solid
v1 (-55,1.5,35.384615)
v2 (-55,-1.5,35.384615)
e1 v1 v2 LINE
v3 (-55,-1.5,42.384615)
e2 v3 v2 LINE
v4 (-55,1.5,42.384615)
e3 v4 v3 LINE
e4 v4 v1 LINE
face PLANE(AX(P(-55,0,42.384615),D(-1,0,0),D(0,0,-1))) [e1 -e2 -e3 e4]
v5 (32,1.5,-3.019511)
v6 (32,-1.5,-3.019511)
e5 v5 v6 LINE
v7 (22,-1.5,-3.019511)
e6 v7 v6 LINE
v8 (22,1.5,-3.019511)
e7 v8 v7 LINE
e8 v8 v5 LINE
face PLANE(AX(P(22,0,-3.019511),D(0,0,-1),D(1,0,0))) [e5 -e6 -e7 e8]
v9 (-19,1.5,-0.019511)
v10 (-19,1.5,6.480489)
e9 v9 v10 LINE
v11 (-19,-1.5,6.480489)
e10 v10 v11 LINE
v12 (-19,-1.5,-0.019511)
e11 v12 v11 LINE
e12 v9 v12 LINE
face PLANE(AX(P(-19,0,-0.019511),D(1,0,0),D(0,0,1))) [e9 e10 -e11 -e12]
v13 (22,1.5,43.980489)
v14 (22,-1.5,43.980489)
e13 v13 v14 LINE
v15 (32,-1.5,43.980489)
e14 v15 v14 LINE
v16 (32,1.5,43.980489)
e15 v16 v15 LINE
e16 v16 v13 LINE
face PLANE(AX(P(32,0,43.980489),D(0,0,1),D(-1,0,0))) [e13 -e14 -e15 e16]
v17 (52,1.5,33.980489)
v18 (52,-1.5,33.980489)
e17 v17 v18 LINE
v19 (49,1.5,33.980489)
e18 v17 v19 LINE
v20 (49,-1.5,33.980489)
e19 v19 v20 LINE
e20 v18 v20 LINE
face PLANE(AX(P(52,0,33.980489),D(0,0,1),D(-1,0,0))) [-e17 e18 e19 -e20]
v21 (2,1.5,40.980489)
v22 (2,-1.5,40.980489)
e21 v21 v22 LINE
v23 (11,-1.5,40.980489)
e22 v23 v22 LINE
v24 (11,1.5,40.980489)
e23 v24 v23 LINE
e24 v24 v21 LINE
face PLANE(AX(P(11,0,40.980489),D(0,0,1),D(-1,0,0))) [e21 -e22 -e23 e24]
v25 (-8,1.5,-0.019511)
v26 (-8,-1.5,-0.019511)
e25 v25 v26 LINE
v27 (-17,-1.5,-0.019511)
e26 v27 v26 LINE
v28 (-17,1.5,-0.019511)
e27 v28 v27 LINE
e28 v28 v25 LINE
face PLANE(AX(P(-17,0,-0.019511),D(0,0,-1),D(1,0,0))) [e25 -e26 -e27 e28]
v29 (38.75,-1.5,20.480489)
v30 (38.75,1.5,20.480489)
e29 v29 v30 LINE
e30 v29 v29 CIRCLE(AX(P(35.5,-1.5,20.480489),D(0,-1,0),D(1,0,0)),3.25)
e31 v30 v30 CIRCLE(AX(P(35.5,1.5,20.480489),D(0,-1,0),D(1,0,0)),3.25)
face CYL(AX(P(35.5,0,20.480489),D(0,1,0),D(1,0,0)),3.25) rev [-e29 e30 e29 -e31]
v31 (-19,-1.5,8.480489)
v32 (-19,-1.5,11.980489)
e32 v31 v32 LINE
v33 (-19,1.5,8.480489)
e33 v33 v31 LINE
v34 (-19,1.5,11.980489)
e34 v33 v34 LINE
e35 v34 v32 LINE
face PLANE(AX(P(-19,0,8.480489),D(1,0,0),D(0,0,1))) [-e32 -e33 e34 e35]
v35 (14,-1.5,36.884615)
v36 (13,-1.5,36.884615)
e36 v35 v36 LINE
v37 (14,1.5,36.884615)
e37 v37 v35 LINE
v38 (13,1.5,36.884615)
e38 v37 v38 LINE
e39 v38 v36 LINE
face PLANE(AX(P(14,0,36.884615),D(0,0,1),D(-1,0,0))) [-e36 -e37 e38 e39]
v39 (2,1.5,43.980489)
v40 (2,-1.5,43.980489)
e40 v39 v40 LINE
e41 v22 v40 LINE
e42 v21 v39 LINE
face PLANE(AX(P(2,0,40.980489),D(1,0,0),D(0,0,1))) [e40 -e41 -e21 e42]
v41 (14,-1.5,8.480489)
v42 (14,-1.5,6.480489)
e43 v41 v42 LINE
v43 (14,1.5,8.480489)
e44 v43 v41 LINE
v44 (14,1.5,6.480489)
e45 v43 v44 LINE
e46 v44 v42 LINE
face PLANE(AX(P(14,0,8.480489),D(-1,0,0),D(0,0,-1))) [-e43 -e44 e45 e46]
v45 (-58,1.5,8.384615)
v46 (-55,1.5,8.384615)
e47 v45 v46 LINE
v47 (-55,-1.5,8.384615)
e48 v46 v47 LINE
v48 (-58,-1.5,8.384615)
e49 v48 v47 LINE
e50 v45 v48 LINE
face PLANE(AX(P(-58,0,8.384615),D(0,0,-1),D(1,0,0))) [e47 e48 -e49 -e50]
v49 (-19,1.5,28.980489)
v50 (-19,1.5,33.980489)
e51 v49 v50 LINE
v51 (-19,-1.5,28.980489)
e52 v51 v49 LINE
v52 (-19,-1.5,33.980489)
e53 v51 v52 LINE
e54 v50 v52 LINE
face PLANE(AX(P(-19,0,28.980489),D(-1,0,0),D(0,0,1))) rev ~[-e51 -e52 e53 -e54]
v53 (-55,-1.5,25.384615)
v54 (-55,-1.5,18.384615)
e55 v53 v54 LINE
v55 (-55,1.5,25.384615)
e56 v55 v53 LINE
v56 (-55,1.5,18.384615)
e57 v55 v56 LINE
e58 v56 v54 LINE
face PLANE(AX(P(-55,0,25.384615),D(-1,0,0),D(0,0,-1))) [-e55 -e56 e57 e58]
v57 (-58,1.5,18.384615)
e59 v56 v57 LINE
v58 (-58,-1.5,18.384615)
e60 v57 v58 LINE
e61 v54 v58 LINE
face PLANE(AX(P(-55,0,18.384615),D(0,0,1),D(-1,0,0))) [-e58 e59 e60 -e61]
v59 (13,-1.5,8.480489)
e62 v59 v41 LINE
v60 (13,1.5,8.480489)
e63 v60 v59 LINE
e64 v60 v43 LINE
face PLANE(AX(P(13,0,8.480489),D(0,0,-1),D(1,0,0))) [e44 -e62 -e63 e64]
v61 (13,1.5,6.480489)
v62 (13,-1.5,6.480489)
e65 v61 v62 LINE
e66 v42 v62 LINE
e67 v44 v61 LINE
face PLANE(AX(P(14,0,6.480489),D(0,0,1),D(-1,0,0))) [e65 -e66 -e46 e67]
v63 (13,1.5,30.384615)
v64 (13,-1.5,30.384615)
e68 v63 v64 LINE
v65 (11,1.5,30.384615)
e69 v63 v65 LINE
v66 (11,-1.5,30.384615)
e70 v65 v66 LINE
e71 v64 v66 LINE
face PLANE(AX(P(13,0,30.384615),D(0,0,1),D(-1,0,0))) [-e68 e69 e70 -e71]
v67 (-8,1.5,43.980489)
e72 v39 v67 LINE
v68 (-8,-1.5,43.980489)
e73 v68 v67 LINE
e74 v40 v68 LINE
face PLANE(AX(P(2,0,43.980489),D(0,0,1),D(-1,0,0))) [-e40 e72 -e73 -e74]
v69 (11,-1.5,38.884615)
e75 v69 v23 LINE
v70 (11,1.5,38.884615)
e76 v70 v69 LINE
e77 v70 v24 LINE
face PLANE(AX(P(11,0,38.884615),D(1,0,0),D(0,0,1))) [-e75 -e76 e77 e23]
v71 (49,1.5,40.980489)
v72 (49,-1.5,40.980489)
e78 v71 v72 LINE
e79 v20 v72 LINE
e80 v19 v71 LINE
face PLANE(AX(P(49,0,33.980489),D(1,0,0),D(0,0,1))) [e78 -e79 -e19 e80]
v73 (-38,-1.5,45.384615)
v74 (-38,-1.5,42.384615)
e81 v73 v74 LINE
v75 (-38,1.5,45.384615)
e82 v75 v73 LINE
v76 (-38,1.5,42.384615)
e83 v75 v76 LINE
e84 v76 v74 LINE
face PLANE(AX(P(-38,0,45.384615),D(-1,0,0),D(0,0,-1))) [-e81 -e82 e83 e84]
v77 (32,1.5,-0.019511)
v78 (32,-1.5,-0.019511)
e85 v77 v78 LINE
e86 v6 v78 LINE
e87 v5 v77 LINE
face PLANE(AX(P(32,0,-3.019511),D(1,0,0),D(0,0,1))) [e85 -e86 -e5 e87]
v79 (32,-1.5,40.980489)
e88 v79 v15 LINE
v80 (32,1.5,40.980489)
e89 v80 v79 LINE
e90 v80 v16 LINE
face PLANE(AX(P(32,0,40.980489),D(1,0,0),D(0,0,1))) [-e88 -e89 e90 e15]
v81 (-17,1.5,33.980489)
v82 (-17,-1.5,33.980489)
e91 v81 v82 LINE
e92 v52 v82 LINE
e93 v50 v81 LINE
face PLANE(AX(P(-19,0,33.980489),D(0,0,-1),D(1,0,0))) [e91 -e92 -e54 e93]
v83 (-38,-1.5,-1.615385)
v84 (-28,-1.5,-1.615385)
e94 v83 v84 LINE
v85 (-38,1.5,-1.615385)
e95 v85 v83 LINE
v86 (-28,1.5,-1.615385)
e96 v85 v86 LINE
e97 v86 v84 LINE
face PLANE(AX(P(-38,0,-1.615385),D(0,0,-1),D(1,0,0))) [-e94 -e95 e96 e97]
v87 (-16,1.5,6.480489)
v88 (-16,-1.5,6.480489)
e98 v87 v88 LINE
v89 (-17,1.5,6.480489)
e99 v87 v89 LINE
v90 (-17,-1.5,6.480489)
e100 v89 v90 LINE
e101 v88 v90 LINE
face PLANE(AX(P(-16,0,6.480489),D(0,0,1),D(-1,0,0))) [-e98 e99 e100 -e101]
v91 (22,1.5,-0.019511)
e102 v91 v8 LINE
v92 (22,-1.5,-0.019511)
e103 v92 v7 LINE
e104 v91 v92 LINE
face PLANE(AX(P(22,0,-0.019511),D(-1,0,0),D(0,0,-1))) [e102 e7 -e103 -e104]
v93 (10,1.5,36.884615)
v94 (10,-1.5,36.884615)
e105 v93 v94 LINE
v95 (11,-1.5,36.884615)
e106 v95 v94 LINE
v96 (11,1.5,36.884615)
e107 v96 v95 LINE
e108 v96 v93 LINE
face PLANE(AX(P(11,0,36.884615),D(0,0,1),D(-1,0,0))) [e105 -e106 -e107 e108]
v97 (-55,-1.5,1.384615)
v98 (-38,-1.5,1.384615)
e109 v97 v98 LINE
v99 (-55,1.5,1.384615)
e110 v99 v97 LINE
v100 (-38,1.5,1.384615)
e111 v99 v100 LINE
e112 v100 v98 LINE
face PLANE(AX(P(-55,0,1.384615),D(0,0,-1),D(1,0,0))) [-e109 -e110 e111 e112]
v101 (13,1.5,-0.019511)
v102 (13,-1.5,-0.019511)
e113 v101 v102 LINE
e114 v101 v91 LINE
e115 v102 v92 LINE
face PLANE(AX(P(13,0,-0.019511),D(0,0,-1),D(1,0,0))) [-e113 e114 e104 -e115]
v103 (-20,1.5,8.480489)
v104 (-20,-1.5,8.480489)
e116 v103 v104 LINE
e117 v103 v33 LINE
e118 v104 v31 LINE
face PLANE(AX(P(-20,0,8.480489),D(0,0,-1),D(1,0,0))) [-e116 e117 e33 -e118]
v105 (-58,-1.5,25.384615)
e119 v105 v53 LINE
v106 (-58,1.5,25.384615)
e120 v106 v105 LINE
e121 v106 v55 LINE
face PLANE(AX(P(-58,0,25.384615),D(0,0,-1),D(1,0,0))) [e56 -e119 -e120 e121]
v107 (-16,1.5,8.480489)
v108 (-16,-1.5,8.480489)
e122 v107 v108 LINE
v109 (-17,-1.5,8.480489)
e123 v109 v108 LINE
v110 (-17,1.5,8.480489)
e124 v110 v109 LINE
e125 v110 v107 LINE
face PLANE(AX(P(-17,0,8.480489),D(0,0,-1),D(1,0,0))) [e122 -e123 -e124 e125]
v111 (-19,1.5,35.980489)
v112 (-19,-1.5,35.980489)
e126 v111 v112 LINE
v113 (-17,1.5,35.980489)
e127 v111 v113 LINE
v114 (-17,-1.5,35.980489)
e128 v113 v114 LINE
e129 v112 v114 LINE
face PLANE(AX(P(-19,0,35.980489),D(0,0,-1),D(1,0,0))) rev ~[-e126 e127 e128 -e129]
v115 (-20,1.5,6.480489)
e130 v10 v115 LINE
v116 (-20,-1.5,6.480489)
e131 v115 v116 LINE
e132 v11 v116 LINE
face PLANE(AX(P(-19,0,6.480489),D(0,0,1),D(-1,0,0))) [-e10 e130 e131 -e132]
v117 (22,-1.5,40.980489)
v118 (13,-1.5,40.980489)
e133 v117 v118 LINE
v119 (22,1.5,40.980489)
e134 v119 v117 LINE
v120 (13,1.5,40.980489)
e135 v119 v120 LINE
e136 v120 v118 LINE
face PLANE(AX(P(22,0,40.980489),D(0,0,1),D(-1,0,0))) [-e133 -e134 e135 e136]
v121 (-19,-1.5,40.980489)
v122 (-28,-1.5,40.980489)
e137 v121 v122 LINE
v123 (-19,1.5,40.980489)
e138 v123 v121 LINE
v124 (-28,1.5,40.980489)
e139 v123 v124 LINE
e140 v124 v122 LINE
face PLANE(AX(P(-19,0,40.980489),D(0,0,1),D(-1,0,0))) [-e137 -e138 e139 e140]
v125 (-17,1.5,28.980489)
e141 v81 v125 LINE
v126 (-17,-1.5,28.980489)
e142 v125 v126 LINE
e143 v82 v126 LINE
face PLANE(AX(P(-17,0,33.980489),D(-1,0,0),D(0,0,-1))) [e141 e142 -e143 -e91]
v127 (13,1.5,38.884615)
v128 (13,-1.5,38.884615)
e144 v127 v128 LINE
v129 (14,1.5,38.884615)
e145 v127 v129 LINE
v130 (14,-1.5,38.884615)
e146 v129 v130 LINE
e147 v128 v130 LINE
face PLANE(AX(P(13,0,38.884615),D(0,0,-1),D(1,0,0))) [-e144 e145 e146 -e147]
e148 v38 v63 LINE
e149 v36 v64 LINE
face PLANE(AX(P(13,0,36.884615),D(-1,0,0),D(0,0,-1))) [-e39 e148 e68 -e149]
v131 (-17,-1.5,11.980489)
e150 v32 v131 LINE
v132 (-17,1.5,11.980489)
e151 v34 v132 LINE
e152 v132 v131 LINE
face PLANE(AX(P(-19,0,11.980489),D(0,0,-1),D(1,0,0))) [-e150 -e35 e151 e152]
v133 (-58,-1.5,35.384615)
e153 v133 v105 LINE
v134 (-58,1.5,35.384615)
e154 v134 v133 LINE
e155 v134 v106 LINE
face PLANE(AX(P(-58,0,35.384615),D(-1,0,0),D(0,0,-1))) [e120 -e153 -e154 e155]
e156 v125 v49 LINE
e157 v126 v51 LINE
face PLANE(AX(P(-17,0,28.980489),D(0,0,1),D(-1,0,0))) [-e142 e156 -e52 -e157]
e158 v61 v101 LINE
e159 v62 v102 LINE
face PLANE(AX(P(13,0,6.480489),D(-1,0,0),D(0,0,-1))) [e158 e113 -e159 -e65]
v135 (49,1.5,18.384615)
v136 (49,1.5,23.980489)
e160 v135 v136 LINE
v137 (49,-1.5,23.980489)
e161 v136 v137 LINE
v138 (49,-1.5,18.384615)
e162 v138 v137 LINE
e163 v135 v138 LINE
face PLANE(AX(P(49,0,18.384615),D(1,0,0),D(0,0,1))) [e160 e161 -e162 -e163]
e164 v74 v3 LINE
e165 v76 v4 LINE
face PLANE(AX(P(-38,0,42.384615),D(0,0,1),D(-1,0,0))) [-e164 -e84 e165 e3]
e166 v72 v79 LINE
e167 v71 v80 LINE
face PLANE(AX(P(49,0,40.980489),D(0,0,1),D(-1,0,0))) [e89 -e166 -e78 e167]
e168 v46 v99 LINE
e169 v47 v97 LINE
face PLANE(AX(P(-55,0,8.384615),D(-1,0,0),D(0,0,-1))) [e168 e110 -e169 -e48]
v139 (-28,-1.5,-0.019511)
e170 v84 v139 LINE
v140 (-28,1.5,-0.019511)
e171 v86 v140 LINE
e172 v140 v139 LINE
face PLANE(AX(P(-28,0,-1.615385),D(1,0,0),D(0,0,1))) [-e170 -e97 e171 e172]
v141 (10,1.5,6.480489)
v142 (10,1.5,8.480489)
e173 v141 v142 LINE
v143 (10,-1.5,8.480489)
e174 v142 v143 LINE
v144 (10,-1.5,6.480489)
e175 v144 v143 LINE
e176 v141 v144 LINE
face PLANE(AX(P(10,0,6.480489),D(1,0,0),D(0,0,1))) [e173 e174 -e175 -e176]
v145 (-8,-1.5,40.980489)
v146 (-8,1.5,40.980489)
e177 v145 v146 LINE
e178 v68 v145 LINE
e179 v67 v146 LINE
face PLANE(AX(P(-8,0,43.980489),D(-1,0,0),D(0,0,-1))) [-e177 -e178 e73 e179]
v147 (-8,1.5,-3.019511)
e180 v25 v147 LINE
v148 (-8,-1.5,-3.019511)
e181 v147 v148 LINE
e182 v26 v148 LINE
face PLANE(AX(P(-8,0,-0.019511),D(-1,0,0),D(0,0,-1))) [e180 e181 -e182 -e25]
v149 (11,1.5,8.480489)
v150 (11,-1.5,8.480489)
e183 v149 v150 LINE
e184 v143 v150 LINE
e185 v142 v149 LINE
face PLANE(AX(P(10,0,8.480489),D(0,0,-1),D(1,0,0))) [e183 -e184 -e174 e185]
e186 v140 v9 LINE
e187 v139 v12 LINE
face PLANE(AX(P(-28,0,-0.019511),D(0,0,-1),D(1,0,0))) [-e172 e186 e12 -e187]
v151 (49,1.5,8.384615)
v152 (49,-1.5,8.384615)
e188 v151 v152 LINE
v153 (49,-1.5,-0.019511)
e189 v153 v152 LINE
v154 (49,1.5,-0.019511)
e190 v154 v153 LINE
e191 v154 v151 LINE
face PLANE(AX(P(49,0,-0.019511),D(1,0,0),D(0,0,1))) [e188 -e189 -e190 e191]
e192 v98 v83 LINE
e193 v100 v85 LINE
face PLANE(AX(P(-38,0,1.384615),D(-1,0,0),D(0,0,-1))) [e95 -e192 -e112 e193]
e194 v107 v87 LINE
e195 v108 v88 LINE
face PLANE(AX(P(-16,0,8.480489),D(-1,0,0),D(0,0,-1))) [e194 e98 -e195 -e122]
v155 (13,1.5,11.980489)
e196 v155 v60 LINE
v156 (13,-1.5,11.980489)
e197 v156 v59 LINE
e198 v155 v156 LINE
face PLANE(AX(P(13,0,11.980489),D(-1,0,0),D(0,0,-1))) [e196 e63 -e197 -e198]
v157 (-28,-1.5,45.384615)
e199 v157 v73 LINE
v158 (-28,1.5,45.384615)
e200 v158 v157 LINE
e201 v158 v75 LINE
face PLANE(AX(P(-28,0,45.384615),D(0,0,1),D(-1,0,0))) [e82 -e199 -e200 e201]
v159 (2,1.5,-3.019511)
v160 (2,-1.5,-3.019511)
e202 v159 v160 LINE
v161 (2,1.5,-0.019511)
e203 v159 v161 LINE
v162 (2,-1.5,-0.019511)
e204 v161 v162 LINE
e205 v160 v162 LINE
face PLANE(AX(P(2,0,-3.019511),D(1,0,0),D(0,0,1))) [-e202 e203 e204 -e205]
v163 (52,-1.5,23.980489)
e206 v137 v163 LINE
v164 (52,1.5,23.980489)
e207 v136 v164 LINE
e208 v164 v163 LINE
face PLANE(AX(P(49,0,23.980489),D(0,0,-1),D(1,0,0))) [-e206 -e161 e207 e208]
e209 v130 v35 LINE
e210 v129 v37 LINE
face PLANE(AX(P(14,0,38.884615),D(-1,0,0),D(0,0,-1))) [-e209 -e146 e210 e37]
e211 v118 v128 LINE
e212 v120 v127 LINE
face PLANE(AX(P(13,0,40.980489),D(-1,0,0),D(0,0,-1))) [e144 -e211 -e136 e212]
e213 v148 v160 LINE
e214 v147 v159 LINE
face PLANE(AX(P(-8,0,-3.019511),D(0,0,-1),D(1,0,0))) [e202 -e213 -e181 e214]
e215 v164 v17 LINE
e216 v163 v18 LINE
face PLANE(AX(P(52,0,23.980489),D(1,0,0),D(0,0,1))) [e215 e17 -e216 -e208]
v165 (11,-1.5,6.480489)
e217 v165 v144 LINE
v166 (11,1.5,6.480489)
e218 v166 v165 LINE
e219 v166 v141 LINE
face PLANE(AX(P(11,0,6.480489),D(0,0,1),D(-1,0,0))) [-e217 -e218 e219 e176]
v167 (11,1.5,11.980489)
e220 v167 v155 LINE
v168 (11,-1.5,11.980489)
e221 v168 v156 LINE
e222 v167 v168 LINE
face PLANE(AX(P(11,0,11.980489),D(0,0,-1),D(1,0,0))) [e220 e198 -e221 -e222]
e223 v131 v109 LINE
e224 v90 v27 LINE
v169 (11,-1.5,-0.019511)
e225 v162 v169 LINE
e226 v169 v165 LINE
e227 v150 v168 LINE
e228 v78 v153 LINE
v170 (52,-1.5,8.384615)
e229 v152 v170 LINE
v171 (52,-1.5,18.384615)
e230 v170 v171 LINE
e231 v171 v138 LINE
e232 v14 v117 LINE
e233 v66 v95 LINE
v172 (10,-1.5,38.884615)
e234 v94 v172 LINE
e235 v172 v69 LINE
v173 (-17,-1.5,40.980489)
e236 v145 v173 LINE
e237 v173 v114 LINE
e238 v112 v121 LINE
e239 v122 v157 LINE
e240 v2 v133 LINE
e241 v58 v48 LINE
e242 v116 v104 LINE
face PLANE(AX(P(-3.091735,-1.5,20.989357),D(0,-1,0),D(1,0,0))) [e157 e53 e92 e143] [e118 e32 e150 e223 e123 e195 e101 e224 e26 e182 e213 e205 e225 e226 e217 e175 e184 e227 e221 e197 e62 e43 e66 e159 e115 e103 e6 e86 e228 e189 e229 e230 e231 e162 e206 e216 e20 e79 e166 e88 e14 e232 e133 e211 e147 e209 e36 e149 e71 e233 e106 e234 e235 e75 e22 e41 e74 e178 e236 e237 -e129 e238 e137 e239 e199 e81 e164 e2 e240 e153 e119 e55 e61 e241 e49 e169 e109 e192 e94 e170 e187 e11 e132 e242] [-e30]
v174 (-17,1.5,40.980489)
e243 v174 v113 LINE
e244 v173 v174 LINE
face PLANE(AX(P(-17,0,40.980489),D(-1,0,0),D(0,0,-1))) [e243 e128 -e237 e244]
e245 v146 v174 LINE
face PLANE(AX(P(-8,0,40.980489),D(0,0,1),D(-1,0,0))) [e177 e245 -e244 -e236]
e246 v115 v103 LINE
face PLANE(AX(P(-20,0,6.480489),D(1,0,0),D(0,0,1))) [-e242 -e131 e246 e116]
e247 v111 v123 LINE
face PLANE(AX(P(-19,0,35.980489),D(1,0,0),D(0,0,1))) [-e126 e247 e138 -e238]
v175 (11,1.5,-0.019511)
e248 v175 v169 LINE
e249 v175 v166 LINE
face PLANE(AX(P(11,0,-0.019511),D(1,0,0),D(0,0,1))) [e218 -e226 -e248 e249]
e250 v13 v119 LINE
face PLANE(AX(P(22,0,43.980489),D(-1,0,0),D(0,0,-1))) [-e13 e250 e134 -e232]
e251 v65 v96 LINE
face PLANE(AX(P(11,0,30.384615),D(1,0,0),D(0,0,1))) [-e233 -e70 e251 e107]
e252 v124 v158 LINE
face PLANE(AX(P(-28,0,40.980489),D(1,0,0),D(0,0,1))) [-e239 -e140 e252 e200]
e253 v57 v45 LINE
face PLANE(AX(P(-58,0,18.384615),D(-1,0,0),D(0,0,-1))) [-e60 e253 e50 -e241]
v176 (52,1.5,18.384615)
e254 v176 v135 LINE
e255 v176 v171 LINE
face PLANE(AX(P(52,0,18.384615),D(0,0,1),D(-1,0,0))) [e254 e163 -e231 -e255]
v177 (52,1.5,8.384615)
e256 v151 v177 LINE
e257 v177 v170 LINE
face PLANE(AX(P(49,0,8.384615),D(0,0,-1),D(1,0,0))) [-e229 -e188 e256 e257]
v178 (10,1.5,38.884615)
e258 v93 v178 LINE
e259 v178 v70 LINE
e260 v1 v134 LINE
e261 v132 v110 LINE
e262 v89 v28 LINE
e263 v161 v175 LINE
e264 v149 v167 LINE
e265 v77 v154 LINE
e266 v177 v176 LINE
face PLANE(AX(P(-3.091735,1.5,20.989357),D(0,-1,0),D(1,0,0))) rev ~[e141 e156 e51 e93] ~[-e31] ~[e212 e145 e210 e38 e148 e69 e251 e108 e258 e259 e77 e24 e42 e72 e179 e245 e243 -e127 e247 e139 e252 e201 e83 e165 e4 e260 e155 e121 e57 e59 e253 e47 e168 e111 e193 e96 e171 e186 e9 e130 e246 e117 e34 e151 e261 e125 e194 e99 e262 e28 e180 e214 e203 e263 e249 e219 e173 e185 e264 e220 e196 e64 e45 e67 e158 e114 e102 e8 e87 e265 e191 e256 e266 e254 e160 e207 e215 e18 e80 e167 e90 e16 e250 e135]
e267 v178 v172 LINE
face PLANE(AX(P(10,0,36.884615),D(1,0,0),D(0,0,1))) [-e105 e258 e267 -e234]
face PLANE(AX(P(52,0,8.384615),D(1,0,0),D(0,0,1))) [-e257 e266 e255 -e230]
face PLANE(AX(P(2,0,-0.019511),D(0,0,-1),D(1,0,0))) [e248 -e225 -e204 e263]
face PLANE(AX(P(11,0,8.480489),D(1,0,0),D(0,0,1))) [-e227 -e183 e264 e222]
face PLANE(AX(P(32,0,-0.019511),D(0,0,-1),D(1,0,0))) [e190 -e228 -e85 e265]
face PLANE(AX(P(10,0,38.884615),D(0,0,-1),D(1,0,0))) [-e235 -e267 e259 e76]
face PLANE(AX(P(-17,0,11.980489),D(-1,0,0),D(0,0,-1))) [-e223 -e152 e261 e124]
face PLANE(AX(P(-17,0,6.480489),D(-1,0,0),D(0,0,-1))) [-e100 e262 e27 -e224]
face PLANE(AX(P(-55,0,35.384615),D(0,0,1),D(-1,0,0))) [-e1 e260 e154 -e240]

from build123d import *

# Parameters (mm, degrees)
F0_R     = 3.25
F0_W     = 2
F0_H     = 2
F0_W_2   = 1
F1_DEPTH = 1.5


with BuildPart() as f1:
    # F0 (on Front) → F1 (new body, symmetric)
    with BuildSketch(Plane.XZ):
        Polygon((-17, -0.019510895), (-8, -0.019510895), (-8, -3.019510895), (2, -3.019510895), (2, -0.019510895), (11, -0.019510895), (11, 6.480489105), (10, 6.480489105), (10, 8.480489105), (11, 8.480489105), (11, 11.980489105), (13, 11.980489105), (13, 8.480489105), (14, 8.480489105), (14, 6.480489105), (13, 6.480489105), (13, -0.019510895), (22, -0.019510895), (22, -3.019510895), (32, -3.019510895), (32, -0.019510895), (49, -0.019510895), (49, 8.3846153846), (52, 8.3846153846), (52, 18.3846153846), (49, 18.3846153846), (49, 23.980489105), (52, 23.980489105), (52, 33.980489105), (49, 33.980489105), (49, 40.980489105), (32, 40.980489105), (32, 43.980489105), (22, 43.980489105), (22, 40.980489105), (13, 40.980489105), (13, 38.8846153846), (14, 38.8846153846), (14, 36.8846153846), (13, 36.8846153846), (13, 30.3846153846), (11, 30.3846153846), (11, 35.8846153846), (11, 36.8846153846), (10, 36.8846153846), (10, 38.8846153846), (11, 38.8846153846), (11, 40.980489105), (2, 40.980489105), (2, 43.980489105), (-8, 43.980489105), (-8, 40.980489105), (-17, 40.980489105), (-17, 35.980489105), (-16, 35.980489105), (-16, 33.980489105), (-17, 33.980489105), (-17, 28.980489105), (-19, 28.980489105), (-19, 33.980489105), (-20, 33.980489105), (-20, 35.980489105), (-19, 35.980489105), (-19, 40.980489105), (-28, 40.980489105), (-28, 45.3846153846), (-38, 45.3846153846), (-38, 42.3846153846), (-55, 42.3846153846), (-55, 35.3846153846), (-58, 35.3846153846), (-58, 25.3846153846), (-55, 25.3846153846), (-55, 18.3846153846), (-58, 18.3846153846), (-58, 8.3846153846), (-55, 8.3846153846), (-55, 1.3846153846), (-38, 1.3846153846), (-38, -1.6153846154), (-28, -1.6153846154), (-28, -0.019510895), (-19, -0.019510895), (-19, 6.480489105), (-20, 6.480489105), (-20, 8.480489105), (-19, 8.480489105), (-19, 11.980489105), (-17, 11.980489105), (-17, 8.480489105), (-16, 8.480489105), (-16, 6.480489105), (-17, 6.480489105), align=None)
        with Locations((35.5, 20.480489105)):
            Circle(F0_R, mode=Mode.SUBTRACT)
        with Locations((-18, 34.980489105)):
            Rectangle(F0_W, F0_H)
        with Locations((-19.5, 34.980489105)):
            Rectangle(F0_W_2, F0_H)
        with Locations((-16.5, 34.980489105)):
            Rectangle(F0_W_2, F0_H)
    extrude(amount=F1_DEPTH, both=True)


solid = f1.part
